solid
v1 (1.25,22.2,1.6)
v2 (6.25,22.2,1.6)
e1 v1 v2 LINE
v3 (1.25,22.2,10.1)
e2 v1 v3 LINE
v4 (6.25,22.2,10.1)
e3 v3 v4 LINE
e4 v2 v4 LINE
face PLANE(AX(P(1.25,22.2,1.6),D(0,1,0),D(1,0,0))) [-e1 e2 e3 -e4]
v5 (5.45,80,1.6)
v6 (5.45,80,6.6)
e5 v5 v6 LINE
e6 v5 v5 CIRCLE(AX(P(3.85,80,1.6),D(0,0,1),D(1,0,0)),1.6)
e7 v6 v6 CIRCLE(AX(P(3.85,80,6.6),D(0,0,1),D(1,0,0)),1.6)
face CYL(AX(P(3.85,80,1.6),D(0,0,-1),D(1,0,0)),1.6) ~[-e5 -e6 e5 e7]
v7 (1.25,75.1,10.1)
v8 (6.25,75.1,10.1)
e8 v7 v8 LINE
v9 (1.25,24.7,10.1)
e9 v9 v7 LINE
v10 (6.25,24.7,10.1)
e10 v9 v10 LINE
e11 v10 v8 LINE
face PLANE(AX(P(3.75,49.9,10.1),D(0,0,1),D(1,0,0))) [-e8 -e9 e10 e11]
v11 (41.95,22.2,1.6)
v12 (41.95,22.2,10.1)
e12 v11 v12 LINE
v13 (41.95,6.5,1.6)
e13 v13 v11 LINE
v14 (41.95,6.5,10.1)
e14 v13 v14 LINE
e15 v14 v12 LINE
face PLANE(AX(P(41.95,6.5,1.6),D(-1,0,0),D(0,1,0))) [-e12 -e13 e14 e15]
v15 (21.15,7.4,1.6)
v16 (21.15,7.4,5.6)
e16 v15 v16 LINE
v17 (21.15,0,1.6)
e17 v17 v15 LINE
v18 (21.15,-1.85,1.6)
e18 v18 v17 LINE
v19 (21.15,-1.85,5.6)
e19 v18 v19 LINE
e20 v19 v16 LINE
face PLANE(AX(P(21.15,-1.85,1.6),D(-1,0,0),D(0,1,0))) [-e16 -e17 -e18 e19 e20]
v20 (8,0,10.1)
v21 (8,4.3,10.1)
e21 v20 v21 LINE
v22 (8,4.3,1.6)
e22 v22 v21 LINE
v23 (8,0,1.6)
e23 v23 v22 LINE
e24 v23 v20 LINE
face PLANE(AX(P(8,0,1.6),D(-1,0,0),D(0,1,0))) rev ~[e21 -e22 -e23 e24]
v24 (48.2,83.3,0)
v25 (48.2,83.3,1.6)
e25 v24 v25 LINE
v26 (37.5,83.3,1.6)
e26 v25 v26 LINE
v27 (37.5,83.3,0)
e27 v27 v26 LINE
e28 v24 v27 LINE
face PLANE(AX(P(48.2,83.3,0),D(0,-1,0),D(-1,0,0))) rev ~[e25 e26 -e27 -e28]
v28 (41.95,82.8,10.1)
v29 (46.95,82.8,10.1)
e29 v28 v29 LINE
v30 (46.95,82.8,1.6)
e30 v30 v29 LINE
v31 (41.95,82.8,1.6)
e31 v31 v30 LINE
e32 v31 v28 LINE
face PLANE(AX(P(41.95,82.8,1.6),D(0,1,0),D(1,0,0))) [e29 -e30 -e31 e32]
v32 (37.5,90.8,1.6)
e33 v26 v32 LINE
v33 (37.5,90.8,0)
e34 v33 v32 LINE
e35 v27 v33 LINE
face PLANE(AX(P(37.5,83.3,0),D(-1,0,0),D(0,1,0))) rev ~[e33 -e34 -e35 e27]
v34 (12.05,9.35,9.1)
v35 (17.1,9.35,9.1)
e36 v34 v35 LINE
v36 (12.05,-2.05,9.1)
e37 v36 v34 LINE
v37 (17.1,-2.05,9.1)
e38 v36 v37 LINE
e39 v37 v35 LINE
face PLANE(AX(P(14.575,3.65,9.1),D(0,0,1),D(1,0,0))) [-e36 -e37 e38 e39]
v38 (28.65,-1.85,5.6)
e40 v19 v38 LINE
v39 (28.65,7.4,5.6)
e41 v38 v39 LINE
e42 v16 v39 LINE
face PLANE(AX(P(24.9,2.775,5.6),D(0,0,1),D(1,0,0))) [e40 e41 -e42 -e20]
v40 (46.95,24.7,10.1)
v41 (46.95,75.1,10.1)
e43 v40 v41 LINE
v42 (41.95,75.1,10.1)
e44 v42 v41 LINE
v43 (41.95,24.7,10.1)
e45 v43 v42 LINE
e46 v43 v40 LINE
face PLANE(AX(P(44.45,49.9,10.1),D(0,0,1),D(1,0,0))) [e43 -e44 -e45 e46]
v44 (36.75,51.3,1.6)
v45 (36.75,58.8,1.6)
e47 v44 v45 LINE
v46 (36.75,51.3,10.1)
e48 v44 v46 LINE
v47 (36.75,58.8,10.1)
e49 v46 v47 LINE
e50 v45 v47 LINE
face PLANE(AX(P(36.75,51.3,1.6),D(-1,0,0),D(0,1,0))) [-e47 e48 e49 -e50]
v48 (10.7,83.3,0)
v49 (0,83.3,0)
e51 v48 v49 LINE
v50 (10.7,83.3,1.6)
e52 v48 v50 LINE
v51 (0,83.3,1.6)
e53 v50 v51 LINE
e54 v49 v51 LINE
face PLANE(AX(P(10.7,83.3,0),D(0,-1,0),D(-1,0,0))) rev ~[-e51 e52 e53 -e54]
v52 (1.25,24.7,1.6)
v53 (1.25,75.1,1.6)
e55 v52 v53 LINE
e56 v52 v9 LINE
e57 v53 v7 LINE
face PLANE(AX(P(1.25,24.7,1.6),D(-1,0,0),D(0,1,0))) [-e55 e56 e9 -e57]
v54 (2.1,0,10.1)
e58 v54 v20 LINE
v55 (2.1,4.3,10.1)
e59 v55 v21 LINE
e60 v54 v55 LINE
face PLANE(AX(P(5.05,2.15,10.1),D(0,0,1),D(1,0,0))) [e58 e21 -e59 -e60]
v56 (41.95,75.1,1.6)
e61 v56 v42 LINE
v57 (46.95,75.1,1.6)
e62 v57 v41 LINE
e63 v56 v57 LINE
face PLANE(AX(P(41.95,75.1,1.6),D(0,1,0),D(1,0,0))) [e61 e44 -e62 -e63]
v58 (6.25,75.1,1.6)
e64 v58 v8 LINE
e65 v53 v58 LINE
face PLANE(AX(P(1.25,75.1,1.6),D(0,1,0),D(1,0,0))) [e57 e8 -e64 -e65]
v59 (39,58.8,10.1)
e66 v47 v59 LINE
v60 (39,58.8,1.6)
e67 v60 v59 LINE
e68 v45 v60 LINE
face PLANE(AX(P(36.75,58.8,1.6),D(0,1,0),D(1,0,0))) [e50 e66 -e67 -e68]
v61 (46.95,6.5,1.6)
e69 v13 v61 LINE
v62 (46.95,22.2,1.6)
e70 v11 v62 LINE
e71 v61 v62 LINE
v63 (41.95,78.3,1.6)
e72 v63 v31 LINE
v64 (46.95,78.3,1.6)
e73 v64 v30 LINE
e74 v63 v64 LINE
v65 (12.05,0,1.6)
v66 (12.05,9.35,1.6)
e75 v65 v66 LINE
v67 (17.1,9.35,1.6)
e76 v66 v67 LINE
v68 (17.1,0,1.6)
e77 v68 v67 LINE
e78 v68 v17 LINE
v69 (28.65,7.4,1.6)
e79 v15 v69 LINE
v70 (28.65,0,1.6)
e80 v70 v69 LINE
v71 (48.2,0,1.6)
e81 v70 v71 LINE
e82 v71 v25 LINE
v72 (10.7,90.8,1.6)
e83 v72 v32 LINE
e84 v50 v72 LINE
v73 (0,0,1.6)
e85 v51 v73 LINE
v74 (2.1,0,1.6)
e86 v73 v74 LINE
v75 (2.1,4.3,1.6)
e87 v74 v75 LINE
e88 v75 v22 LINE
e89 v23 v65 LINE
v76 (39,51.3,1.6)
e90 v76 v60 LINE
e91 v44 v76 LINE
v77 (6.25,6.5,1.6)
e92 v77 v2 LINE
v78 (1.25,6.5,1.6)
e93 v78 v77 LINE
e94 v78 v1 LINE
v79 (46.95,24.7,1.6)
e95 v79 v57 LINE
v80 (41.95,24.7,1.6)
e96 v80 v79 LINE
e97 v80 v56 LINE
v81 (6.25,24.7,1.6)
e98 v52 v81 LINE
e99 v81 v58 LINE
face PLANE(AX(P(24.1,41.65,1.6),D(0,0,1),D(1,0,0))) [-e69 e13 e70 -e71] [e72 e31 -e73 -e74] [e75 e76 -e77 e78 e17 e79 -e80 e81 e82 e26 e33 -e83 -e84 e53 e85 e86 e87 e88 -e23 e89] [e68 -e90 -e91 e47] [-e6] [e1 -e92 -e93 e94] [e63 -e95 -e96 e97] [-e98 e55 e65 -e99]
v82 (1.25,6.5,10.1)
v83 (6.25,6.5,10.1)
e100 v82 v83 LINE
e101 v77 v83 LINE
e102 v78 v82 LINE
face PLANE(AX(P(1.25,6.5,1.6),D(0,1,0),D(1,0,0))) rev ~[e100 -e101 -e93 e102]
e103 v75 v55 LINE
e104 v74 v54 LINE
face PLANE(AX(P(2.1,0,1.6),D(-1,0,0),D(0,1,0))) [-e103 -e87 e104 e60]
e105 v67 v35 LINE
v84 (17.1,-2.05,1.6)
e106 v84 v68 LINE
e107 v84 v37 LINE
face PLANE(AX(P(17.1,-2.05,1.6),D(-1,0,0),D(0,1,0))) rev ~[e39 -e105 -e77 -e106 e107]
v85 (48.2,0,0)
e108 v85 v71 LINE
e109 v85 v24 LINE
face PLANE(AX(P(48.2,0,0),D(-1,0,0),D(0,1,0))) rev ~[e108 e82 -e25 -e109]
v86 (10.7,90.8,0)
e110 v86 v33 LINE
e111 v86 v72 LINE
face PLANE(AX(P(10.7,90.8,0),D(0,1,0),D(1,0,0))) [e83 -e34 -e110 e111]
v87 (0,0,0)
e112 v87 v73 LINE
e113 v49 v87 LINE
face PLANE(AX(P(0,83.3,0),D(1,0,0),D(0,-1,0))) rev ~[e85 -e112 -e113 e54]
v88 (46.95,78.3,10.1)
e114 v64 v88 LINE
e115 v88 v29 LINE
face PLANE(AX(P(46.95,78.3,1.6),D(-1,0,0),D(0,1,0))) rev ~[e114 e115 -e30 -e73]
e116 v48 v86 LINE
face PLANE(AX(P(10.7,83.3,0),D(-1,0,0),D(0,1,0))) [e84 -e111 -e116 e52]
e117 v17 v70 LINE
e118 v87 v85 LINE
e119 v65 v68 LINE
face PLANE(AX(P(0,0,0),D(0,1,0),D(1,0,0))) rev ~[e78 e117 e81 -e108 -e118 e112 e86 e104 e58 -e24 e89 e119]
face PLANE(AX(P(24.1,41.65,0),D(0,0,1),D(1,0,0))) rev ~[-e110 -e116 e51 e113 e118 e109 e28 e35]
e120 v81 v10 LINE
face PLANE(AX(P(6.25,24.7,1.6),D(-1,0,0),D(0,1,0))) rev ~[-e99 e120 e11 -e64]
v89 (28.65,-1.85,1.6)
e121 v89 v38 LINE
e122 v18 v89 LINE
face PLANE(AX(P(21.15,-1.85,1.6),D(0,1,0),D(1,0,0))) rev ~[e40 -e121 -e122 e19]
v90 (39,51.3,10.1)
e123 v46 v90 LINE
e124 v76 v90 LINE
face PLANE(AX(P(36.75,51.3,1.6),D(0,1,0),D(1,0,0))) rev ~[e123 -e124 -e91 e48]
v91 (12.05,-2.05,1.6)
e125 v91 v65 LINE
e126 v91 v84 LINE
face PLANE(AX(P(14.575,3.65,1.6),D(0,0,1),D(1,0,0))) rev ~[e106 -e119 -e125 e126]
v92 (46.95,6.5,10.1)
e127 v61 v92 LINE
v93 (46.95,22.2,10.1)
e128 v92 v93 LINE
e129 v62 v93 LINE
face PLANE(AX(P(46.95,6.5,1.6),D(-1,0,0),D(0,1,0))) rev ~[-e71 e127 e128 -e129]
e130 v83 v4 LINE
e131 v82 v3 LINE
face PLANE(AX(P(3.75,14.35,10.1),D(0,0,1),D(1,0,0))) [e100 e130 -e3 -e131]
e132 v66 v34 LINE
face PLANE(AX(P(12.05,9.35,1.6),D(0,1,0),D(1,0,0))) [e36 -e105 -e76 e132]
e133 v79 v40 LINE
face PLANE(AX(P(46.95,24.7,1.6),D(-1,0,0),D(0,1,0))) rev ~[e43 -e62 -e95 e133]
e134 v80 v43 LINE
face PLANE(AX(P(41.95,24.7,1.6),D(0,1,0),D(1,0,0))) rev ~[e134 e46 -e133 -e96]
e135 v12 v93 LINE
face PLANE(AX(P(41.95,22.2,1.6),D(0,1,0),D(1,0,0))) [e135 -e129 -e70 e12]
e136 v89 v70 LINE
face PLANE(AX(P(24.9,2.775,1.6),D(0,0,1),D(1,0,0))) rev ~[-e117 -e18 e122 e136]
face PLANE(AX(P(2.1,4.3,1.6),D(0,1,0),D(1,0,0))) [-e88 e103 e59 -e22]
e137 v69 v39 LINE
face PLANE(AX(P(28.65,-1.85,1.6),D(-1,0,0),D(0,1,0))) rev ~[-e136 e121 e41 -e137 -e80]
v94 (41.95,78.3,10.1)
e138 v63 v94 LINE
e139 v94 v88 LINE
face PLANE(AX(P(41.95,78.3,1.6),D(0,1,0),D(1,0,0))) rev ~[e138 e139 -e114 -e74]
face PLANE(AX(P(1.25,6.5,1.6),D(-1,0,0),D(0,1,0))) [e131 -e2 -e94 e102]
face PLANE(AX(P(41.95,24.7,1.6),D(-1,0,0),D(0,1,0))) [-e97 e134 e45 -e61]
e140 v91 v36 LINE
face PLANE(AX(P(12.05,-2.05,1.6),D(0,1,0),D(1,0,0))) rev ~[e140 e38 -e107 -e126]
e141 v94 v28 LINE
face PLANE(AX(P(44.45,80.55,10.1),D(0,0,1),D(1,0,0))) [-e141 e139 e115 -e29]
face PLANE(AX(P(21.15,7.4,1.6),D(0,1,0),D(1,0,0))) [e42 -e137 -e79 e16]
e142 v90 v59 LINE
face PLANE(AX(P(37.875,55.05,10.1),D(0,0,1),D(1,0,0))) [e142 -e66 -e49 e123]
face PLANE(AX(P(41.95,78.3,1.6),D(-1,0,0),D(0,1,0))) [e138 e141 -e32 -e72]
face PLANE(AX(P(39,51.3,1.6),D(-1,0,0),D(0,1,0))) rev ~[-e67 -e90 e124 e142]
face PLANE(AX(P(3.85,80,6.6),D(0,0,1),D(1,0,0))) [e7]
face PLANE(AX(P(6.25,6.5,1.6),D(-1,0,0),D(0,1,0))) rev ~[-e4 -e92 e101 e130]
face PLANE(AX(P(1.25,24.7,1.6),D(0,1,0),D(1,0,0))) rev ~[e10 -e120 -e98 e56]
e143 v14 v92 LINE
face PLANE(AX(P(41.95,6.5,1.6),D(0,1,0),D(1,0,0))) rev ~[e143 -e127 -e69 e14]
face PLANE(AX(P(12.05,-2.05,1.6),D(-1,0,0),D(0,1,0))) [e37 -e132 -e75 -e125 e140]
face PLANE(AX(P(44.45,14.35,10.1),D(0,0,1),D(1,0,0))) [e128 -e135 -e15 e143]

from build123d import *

# Parameters (mm, degrees)
F0_W     = 26.8
F0_H     = 7.5
F1_DEPTH = 1.6
F2_W     = 5
F2_H     = 50.4
F2_H_2   = 4.5
F2_W_2   = 5.9
F2_H_3   = 4.3
F2_W_3   = 2.25
F2_H_4   = 7.5
F2_H_5   = 15.7
F3_DEPTH = 8.5
F4_W     = 7.5
F4_H     = 9.25
F5_DEPTH = 4
F6_W     = 5.05
F6_H     = 11.4
F7_DEPTH = 7.5
F8_R     = 1.6
F9_DEPTH = 5


with BuildPart() as f1:
    # F0 (on Top) → F1 (new body)
    with BuildSketch(Plane.XY):
        Polygon((0, 83.3), (0, 0), (48.2, 0), (48.2, 83.3), (37.5, 83.3), (10.7, 83.3), align=None)
        with Locations((24.1, 87.05)):
            Rectangle(F0_W, F0_H)
    extrude(amount=F1_DEPTH)

    # F2 (on face) → F3 (join)
    with BuildSketch(Plane.XY.offset(1.6)):
        with Locations((3.75, 49.9)):
            Rectangle(F2_W, F2_H)
        with Locations((44.45, 80.55)):
            Rectangle(F2_W, F2_H_2)
        with Locations((44.45, 49.9)):
            Rectangle(F2_W, F2_H)
        with Locations((5.05, 2.15)):
            Rectangle(F2_W_2, F2_H_3)
        with Locations((37.875, 55.05)):
            Rectangle(F2_W_3, F2_H_4)
        with Locations((3.75, 14.35)):
            Rectangle(F2_W, F2_H_5)
        with Locations((44.45, 14.35)):
            Rectangle(F2_W, F2_H_5)
    extrude(amount=F3_DEPTH)

    # F4 (on face) → F5 (join)
    with BuildSketch(Plane.XY.offset(1.6)):
        with Locations((24.9, 2.775)):
            Rectangle(F4_W, F4_H)
    extrude(amount=F5_DEPTH)

    # F6 (on face) → F7 (join)
    with BuildSketch(Plane.XY.offset(1.6)):
        with Locations((14.575, 3.65)):
            Rectangle(F6_W, F6_H)
    extrude(amount=F7_DEPTH)

    # F8 (on face) → F9 (join)
    with BuildSketch(Plane.XY.offset(1.6)):
        with Locations((3.85, 80)):
            Circle(F8_R)
    extrude(amount=F9_DEPTH)


solid = f1.part
